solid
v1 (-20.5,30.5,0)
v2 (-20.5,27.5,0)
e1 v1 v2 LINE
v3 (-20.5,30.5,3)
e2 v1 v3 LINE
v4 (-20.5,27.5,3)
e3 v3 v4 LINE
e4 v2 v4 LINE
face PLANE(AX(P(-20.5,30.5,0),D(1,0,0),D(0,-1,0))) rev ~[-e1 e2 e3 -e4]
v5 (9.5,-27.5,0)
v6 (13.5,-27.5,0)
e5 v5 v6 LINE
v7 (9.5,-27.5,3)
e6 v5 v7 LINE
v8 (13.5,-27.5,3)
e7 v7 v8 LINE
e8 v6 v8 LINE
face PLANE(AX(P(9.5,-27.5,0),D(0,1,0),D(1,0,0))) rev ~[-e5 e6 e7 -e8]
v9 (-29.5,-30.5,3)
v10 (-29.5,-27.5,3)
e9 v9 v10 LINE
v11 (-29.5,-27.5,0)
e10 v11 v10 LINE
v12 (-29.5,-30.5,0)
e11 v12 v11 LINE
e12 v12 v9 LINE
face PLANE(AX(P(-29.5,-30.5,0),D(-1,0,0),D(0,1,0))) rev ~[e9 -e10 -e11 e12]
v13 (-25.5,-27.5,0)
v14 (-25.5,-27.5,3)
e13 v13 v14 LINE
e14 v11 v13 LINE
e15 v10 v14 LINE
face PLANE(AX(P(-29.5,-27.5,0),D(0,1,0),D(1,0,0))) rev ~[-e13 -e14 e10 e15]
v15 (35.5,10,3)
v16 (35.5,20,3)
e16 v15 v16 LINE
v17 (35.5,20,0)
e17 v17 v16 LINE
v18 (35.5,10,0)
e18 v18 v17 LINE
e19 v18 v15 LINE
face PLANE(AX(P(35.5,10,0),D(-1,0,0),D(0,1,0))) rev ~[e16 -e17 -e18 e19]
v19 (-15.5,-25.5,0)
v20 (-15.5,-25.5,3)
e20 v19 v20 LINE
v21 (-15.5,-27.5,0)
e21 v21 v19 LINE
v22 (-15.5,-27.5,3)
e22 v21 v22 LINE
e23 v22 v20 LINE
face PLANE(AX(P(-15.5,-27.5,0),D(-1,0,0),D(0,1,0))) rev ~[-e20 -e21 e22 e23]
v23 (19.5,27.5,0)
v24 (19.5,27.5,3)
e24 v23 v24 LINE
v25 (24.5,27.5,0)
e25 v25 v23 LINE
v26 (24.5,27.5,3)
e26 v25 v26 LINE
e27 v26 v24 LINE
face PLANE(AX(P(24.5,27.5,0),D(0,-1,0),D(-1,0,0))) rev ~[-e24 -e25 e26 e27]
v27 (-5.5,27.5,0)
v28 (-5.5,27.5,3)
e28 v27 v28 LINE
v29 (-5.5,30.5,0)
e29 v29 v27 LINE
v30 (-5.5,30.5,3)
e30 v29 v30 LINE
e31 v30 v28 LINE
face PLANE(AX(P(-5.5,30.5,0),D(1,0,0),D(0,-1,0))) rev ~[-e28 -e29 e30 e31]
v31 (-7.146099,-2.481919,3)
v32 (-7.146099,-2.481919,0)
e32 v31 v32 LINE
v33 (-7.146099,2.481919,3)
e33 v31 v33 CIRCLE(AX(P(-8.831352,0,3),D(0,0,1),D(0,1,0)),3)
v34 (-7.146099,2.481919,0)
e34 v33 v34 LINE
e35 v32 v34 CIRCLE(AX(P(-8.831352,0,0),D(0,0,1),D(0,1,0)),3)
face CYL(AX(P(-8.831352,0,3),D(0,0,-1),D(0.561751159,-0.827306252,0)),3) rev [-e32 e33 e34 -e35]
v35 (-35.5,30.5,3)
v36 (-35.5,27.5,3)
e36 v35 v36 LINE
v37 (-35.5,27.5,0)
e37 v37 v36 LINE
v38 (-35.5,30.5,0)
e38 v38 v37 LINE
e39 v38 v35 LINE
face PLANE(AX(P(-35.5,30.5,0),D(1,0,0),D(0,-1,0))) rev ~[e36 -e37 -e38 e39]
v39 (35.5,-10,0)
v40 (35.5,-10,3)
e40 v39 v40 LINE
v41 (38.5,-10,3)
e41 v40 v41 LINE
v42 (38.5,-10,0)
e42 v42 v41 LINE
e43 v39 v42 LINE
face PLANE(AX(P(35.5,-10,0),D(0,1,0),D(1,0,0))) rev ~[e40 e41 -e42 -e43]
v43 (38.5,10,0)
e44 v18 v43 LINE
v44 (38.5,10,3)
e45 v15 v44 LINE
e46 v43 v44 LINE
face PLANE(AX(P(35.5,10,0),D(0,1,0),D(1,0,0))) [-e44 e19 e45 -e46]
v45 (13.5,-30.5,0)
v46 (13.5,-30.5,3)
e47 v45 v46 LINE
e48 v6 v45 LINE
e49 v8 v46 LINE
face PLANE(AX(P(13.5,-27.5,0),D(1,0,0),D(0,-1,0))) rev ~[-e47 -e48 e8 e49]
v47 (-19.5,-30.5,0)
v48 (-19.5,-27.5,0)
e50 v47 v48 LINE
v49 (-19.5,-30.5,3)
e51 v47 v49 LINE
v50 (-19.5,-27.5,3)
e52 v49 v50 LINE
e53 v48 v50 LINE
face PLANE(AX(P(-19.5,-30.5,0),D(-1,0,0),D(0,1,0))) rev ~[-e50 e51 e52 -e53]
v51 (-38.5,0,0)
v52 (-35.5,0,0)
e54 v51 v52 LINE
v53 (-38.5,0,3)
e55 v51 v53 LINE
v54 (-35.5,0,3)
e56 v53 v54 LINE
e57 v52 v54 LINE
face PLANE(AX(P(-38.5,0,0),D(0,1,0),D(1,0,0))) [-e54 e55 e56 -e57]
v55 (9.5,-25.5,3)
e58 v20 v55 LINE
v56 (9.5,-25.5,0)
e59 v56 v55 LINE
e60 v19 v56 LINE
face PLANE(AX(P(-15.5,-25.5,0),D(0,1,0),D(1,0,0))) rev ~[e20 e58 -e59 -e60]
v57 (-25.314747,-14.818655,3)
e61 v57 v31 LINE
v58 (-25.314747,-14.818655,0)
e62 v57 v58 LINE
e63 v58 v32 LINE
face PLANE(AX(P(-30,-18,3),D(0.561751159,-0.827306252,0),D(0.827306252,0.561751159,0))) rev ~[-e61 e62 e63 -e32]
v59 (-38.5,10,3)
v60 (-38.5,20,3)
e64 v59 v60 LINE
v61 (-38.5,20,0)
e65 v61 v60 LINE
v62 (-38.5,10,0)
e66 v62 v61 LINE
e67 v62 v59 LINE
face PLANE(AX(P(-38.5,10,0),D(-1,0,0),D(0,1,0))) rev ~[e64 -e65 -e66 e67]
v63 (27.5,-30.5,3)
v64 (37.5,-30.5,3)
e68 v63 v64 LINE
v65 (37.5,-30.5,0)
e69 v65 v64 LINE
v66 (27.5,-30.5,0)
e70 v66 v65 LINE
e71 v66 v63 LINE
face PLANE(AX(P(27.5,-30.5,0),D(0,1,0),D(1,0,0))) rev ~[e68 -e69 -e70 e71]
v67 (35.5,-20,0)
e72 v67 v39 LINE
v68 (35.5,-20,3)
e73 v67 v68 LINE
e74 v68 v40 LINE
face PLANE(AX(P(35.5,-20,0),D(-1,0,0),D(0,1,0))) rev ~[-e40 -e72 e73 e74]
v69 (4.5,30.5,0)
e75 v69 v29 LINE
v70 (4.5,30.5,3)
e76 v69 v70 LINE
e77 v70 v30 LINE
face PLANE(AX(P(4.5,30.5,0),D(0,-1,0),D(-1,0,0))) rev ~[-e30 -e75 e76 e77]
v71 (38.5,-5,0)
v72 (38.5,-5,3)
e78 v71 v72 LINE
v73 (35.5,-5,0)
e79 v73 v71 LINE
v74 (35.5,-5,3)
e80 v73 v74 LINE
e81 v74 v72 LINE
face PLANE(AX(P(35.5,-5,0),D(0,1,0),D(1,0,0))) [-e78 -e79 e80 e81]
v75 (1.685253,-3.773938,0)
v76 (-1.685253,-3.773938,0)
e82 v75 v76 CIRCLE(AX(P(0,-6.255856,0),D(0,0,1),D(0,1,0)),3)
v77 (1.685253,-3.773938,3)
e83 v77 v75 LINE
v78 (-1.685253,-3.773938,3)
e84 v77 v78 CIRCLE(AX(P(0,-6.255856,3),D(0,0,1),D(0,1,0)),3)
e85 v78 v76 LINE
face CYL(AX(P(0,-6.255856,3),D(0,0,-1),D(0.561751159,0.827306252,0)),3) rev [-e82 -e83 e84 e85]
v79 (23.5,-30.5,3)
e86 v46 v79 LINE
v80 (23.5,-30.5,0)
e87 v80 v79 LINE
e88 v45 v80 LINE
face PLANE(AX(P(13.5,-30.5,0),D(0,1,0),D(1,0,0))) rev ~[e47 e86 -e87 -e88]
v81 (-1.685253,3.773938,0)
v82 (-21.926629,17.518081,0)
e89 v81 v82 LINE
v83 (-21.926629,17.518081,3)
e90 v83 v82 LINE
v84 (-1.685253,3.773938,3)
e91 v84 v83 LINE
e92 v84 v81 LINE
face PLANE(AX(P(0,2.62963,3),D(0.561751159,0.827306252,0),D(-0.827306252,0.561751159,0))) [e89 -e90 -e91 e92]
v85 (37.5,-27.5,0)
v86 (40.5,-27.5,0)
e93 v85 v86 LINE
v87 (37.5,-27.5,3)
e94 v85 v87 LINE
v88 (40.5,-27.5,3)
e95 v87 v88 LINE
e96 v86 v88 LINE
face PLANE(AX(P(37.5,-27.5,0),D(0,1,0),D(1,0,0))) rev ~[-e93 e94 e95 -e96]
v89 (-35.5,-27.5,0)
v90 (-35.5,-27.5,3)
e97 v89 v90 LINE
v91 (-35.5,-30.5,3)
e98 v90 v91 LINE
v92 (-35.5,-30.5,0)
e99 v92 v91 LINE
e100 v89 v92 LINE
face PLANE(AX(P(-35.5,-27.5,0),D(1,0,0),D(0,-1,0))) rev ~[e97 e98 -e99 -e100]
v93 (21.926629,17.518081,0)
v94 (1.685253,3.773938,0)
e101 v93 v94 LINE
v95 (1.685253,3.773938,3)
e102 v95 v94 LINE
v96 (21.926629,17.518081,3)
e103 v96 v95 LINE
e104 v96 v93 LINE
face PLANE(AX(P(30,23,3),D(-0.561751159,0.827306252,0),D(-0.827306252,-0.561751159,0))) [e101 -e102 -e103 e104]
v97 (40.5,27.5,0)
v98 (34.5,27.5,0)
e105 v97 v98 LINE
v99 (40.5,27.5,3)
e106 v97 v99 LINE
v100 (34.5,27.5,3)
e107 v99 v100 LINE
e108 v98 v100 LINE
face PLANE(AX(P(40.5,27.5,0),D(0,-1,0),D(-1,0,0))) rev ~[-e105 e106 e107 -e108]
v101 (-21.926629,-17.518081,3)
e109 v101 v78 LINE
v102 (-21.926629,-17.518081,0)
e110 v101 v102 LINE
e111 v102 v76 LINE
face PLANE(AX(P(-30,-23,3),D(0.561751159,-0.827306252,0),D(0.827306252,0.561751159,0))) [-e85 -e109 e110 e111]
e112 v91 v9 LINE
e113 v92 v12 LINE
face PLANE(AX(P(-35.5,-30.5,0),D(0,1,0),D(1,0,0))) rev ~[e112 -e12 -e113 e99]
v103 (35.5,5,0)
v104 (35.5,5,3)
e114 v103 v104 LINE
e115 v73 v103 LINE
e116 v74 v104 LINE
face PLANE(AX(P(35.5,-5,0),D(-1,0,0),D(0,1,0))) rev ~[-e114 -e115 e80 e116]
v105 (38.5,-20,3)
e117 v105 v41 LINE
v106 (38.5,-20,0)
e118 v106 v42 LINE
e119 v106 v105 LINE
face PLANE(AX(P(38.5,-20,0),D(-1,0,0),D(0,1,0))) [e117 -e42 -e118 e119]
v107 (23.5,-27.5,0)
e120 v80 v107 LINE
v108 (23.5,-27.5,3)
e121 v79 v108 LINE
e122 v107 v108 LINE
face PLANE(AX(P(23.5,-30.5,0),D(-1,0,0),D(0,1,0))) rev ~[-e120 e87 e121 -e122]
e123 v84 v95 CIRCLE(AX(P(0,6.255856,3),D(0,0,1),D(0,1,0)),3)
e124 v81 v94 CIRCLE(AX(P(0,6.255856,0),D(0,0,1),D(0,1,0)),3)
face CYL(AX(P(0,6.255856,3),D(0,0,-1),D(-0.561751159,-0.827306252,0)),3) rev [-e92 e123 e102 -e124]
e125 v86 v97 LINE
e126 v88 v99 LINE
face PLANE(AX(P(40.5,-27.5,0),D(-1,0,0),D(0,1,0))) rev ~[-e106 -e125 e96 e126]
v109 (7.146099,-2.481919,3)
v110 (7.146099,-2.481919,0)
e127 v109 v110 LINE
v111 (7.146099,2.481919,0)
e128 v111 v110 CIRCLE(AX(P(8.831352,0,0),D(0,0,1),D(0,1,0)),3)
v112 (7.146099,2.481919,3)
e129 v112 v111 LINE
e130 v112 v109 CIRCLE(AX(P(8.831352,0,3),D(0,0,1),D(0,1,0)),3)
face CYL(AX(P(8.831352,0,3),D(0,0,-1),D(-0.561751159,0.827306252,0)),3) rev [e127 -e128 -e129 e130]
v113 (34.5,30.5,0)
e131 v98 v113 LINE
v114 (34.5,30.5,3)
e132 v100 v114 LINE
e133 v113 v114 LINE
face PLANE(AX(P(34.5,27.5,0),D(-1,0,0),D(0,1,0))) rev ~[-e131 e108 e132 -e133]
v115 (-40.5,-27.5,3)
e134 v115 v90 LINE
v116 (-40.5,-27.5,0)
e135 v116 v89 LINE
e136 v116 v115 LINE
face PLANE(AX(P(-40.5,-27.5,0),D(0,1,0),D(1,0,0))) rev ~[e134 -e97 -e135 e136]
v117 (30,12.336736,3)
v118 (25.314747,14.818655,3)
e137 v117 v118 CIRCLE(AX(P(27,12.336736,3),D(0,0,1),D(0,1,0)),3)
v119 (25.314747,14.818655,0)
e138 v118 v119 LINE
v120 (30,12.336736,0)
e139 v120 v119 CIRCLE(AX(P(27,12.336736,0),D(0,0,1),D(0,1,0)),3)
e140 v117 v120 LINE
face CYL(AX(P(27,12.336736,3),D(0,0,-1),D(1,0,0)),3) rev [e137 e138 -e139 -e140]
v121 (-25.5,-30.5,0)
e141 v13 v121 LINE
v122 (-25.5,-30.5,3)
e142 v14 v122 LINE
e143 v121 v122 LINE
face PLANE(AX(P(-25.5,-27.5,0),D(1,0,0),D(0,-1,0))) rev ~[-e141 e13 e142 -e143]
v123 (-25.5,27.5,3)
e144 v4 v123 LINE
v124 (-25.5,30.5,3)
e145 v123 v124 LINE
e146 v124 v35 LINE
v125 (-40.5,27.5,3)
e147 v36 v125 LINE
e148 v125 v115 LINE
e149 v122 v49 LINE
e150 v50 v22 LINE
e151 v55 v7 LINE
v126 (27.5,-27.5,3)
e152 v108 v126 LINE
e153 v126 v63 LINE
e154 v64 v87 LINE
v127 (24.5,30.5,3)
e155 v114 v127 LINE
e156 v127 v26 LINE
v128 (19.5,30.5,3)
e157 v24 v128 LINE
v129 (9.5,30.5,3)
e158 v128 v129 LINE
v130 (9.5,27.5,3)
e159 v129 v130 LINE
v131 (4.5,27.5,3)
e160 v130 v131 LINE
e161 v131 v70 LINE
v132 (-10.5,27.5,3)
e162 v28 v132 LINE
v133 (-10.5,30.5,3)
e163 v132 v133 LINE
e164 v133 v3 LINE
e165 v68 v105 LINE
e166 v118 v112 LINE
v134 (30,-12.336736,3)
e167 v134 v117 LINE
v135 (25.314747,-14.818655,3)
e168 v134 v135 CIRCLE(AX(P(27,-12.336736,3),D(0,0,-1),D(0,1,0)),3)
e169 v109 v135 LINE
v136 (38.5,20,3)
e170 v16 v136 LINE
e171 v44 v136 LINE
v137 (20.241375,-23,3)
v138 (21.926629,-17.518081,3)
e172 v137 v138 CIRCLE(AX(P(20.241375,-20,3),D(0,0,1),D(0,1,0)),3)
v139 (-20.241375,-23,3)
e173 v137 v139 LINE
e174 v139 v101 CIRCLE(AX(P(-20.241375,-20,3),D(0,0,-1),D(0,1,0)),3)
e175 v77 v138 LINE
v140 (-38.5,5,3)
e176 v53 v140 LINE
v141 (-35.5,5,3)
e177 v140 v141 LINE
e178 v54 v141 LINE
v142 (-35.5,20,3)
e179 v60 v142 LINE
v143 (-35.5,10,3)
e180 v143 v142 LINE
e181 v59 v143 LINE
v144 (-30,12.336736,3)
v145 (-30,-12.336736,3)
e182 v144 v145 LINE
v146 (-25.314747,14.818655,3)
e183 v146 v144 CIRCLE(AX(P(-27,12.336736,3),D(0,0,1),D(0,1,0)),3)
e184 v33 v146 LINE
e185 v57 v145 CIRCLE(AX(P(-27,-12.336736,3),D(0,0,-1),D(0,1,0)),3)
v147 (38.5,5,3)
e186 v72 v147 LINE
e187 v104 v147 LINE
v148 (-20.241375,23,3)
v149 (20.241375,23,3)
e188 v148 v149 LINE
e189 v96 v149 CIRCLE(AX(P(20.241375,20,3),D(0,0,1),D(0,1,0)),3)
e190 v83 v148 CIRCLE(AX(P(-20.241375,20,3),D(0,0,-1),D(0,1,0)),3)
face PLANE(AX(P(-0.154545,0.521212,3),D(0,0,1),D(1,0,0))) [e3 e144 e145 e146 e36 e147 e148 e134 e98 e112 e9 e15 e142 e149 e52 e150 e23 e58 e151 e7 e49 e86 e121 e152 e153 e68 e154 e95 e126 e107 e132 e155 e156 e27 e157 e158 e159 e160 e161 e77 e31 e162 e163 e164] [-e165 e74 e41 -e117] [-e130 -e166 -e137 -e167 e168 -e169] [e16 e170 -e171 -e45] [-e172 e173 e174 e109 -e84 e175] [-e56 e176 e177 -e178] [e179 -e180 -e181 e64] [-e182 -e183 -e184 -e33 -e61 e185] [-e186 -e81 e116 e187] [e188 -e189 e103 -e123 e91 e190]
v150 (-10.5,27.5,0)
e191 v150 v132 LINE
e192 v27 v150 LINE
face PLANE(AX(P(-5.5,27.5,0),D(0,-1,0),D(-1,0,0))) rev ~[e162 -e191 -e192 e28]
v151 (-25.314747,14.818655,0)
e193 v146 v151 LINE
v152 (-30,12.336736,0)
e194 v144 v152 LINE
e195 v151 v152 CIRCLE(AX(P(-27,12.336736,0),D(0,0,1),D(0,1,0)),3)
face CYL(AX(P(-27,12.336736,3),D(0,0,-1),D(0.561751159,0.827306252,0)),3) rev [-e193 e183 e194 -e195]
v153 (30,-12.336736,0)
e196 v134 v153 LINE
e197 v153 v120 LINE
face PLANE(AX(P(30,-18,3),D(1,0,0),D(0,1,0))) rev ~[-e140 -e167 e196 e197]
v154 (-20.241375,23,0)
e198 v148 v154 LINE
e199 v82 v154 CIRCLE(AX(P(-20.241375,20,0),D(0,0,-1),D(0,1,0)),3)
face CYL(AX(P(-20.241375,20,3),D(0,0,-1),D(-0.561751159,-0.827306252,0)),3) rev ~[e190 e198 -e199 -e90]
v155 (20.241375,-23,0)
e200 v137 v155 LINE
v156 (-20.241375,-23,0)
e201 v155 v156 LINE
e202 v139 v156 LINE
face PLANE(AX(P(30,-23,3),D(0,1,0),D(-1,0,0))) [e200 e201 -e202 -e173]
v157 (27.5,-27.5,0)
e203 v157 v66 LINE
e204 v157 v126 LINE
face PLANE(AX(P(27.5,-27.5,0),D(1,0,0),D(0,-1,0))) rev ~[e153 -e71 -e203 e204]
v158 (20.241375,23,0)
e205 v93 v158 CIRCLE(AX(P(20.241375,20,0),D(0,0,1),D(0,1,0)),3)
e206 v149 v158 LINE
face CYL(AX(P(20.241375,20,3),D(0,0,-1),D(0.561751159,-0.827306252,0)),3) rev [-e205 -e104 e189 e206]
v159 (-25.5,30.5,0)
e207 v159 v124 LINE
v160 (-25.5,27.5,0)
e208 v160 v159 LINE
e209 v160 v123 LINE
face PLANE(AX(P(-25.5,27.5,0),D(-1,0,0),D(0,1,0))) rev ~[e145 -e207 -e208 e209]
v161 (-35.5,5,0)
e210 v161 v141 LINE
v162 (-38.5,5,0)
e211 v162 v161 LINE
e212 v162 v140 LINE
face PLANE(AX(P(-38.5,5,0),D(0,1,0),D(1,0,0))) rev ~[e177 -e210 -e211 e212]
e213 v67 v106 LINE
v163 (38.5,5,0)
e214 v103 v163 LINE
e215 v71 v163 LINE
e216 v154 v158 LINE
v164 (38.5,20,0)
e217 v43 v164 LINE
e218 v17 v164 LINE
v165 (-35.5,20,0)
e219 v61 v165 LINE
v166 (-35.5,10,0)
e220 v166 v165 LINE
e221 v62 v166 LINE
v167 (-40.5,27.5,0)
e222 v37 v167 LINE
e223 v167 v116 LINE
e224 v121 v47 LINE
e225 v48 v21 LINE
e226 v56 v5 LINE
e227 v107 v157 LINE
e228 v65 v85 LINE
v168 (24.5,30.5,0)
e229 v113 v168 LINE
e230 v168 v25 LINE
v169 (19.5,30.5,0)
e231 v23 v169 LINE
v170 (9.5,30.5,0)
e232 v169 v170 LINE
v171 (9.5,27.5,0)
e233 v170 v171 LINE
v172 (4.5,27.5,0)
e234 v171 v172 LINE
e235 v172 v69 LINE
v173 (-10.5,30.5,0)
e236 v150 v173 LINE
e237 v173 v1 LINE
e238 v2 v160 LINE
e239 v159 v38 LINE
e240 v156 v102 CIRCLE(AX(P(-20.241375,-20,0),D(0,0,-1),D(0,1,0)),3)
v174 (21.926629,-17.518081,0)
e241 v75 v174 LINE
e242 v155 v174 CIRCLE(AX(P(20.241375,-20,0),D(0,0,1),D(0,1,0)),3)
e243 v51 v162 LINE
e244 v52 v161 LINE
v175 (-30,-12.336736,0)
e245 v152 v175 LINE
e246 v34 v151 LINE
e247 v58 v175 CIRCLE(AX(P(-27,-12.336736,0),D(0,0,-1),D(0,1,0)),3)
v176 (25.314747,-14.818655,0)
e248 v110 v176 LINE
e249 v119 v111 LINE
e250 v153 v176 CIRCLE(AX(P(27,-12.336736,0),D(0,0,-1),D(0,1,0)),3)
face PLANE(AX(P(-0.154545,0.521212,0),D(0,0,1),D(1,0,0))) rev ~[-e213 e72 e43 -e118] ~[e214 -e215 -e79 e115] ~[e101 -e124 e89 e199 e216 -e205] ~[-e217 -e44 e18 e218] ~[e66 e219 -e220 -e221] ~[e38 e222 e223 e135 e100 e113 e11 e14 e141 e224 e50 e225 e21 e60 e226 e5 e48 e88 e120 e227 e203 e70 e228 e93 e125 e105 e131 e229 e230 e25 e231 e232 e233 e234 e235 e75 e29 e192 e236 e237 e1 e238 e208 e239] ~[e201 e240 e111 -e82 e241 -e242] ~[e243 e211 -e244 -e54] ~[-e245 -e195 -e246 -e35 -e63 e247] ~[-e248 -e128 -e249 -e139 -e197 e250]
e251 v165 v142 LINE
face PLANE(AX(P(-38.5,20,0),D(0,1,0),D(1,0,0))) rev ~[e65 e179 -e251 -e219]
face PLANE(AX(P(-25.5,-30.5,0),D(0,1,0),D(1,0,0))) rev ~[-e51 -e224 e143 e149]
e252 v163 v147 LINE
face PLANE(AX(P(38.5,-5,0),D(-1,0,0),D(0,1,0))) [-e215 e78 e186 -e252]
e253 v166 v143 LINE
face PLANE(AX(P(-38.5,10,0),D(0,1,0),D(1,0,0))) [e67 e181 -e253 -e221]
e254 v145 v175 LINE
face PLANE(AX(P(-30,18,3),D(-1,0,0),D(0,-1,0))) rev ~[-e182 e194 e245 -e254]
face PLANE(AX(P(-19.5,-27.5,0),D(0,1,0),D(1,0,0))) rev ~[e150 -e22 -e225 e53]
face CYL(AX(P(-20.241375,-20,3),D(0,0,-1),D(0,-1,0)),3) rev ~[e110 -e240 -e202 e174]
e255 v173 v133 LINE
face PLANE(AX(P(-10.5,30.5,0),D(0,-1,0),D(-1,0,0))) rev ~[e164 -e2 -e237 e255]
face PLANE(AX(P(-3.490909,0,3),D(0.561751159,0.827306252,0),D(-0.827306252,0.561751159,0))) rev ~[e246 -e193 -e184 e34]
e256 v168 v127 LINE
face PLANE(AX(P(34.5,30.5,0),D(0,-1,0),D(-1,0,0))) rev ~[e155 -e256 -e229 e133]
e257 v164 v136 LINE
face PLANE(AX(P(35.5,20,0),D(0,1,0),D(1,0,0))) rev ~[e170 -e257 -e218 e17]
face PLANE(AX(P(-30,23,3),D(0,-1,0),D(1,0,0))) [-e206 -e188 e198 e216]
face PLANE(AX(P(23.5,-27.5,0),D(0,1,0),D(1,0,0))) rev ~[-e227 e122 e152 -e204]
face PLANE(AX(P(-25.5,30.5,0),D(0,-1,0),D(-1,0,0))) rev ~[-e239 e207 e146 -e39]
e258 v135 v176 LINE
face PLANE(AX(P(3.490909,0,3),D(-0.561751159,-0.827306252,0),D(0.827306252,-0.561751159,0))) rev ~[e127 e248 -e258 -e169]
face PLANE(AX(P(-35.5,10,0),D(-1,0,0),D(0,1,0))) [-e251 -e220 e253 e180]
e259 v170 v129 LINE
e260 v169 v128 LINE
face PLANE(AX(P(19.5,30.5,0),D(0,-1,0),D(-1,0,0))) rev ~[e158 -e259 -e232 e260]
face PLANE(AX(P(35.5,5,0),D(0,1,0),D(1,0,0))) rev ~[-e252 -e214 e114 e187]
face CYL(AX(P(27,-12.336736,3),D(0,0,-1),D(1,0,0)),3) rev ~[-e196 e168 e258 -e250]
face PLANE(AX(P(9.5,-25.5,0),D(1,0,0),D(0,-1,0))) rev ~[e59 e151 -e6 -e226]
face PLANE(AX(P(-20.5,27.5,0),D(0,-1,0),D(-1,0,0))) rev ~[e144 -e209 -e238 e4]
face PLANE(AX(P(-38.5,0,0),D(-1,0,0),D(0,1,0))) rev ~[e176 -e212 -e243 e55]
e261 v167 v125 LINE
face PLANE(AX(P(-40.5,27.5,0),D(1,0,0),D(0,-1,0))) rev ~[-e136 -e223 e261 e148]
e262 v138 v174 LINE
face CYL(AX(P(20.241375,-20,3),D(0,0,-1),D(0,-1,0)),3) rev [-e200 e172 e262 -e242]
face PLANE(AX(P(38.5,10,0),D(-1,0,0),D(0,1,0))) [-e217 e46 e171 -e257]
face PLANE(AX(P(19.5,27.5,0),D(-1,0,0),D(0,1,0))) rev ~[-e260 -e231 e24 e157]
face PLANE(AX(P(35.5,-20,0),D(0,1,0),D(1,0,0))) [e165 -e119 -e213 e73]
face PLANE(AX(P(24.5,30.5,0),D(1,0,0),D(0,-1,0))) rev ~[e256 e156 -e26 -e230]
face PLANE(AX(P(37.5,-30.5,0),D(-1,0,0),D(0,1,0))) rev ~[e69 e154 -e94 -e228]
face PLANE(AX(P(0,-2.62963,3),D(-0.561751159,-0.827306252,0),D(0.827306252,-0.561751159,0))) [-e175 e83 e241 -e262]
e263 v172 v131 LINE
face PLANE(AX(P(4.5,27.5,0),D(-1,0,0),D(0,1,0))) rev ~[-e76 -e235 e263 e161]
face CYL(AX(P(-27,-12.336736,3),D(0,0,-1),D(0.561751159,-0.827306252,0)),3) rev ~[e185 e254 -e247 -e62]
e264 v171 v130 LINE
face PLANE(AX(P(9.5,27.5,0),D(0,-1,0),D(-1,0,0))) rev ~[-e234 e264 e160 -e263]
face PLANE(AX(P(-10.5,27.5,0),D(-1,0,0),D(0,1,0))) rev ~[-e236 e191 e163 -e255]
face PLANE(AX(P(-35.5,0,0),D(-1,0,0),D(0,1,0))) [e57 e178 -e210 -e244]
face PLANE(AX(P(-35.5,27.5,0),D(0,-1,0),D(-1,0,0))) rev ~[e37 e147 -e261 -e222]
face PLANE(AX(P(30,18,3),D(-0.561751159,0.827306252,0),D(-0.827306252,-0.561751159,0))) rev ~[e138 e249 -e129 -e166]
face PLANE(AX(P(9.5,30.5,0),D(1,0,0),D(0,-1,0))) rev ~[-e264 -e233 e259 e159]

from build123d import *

# Parameters (mm, degrees)
SKETCH_1_W          = 3
SKETCH_1_H          = 10
SKETCH_1_H_2        = 5
EXTRUDE_1_DEPTH     = 3
CUT_EXTRUDE_1_DEPTH = 10
FILLET_1_R          = 3


with BuildPart() as part:
    # 草图1 → 凸台-拉伸1 (new body)
    with BuildSketch(Plane.XY):
        Polygon((-10.5, 27.5), (-10.5, 30.5), (-20.5, 30.5), (-20.5, 27.5), (-25.5, 27.5), (-25.5, 30.5), (-35.5, 30.5), (-35.5, 27.5), (-40.5, 27.5), (-40.5, -27.5), (-35.5, -27.5), (-35.5, -30.5), (-29.5, -30.5), (-29.5, -27.5), (-25.5, -27.5), (-25.5, -30.5), (-19.5, -30.5), (-19.5, -27.5), (-15.5, -27.5), (-15.5, -25.5), (9.5, -25.5), (9.5, -27.5), (13.5, -27.5), (13.5, -30.5), (23.5, -30.5), (23.5, -27.5), (27.5, -27.5), (27.5, -30.5), (37.5, -30.5), (37.5, -27.5), (40.5, -27.5), (40.5, 27.5), (34.5, 27.5), (34.5, 30.5), (24.5, 30.5), (24.5, 27.5), (19.5, 27.5), (19.5, 30.5), (9.5, 30.5), (9.5, 27.5), (4.5, 27.5), (4.5, 30.5), (-5.5, 30.5), (-5.5, 27.5), align=None)
        with Locations((37, 0)):
            Rectangle(SKETCH_1_W, SKETCH_1_H, mode=Mode.SUBTRACT)
        with Locations((37, 15)):
            Rectangle(SKETCH_1_W, SKETCH_1_H, mode=Mode.SUBTRACT)
        with Locations((37, -15)):
            Rectangle(SKETCH_1_W, SKETCH_1_H, mode=Mode.SUBTRACT)
        with Locations((-37, 2.5)):
            Rectangle(SKETCH_1_W, SKETCH_1_H_2, mode=Mode.SUBTRACT)
        with Locations((-37, 15)):
            Rectangle(SKETCH_1_W, SKETCH_1_H, mode=Mode.SUBTRACT)
    extrude(amount=EXTRUDE_1_DEPTH)

    # 草图2 → 切除-拉伸1 (cut)
    with BuildSketch(Plane.XY.offset(3)):
        Polygon((-30, 23), (30, 23), (0, 2.62962963), align=None)
        Polygon((-30, -23), (0, -2.62962963), (30, -23), align=None)
        Polygon((30, -18), (30, 18), (3.490909091, 0), align=None)
        Polygon((-30, -18), (-3.490909091, 0), (-30, 18), align=None)
    extrude(amount=-CUT_EXTRUDE_1_DEPTH, mode=Mode.SUBTRACT)

    # 圆角1
    fillet_1_edges = [part.edges().sort_by_distance(p)[0] for p in [
        (30, -18, 1.5),
        (3.490909091, 0, 1.5),
        (30, 18, 1.5),
        (30, -23, 1.5),
        (-30, -23, 1.5),
        (0, -2.62962963, 1.5),
        (-30, -18, 1.5),
        (-30, 18, 1.5),
        (-3.490909091, 0, 1.5),
        (30, 23, 1.5),
        (0, 2.62962963, 1.5),
        (-30, 23, 1.5),
    ]]
    fillet(fillet_1_edges, radius=FILLET_1_R)


solid = part.part
